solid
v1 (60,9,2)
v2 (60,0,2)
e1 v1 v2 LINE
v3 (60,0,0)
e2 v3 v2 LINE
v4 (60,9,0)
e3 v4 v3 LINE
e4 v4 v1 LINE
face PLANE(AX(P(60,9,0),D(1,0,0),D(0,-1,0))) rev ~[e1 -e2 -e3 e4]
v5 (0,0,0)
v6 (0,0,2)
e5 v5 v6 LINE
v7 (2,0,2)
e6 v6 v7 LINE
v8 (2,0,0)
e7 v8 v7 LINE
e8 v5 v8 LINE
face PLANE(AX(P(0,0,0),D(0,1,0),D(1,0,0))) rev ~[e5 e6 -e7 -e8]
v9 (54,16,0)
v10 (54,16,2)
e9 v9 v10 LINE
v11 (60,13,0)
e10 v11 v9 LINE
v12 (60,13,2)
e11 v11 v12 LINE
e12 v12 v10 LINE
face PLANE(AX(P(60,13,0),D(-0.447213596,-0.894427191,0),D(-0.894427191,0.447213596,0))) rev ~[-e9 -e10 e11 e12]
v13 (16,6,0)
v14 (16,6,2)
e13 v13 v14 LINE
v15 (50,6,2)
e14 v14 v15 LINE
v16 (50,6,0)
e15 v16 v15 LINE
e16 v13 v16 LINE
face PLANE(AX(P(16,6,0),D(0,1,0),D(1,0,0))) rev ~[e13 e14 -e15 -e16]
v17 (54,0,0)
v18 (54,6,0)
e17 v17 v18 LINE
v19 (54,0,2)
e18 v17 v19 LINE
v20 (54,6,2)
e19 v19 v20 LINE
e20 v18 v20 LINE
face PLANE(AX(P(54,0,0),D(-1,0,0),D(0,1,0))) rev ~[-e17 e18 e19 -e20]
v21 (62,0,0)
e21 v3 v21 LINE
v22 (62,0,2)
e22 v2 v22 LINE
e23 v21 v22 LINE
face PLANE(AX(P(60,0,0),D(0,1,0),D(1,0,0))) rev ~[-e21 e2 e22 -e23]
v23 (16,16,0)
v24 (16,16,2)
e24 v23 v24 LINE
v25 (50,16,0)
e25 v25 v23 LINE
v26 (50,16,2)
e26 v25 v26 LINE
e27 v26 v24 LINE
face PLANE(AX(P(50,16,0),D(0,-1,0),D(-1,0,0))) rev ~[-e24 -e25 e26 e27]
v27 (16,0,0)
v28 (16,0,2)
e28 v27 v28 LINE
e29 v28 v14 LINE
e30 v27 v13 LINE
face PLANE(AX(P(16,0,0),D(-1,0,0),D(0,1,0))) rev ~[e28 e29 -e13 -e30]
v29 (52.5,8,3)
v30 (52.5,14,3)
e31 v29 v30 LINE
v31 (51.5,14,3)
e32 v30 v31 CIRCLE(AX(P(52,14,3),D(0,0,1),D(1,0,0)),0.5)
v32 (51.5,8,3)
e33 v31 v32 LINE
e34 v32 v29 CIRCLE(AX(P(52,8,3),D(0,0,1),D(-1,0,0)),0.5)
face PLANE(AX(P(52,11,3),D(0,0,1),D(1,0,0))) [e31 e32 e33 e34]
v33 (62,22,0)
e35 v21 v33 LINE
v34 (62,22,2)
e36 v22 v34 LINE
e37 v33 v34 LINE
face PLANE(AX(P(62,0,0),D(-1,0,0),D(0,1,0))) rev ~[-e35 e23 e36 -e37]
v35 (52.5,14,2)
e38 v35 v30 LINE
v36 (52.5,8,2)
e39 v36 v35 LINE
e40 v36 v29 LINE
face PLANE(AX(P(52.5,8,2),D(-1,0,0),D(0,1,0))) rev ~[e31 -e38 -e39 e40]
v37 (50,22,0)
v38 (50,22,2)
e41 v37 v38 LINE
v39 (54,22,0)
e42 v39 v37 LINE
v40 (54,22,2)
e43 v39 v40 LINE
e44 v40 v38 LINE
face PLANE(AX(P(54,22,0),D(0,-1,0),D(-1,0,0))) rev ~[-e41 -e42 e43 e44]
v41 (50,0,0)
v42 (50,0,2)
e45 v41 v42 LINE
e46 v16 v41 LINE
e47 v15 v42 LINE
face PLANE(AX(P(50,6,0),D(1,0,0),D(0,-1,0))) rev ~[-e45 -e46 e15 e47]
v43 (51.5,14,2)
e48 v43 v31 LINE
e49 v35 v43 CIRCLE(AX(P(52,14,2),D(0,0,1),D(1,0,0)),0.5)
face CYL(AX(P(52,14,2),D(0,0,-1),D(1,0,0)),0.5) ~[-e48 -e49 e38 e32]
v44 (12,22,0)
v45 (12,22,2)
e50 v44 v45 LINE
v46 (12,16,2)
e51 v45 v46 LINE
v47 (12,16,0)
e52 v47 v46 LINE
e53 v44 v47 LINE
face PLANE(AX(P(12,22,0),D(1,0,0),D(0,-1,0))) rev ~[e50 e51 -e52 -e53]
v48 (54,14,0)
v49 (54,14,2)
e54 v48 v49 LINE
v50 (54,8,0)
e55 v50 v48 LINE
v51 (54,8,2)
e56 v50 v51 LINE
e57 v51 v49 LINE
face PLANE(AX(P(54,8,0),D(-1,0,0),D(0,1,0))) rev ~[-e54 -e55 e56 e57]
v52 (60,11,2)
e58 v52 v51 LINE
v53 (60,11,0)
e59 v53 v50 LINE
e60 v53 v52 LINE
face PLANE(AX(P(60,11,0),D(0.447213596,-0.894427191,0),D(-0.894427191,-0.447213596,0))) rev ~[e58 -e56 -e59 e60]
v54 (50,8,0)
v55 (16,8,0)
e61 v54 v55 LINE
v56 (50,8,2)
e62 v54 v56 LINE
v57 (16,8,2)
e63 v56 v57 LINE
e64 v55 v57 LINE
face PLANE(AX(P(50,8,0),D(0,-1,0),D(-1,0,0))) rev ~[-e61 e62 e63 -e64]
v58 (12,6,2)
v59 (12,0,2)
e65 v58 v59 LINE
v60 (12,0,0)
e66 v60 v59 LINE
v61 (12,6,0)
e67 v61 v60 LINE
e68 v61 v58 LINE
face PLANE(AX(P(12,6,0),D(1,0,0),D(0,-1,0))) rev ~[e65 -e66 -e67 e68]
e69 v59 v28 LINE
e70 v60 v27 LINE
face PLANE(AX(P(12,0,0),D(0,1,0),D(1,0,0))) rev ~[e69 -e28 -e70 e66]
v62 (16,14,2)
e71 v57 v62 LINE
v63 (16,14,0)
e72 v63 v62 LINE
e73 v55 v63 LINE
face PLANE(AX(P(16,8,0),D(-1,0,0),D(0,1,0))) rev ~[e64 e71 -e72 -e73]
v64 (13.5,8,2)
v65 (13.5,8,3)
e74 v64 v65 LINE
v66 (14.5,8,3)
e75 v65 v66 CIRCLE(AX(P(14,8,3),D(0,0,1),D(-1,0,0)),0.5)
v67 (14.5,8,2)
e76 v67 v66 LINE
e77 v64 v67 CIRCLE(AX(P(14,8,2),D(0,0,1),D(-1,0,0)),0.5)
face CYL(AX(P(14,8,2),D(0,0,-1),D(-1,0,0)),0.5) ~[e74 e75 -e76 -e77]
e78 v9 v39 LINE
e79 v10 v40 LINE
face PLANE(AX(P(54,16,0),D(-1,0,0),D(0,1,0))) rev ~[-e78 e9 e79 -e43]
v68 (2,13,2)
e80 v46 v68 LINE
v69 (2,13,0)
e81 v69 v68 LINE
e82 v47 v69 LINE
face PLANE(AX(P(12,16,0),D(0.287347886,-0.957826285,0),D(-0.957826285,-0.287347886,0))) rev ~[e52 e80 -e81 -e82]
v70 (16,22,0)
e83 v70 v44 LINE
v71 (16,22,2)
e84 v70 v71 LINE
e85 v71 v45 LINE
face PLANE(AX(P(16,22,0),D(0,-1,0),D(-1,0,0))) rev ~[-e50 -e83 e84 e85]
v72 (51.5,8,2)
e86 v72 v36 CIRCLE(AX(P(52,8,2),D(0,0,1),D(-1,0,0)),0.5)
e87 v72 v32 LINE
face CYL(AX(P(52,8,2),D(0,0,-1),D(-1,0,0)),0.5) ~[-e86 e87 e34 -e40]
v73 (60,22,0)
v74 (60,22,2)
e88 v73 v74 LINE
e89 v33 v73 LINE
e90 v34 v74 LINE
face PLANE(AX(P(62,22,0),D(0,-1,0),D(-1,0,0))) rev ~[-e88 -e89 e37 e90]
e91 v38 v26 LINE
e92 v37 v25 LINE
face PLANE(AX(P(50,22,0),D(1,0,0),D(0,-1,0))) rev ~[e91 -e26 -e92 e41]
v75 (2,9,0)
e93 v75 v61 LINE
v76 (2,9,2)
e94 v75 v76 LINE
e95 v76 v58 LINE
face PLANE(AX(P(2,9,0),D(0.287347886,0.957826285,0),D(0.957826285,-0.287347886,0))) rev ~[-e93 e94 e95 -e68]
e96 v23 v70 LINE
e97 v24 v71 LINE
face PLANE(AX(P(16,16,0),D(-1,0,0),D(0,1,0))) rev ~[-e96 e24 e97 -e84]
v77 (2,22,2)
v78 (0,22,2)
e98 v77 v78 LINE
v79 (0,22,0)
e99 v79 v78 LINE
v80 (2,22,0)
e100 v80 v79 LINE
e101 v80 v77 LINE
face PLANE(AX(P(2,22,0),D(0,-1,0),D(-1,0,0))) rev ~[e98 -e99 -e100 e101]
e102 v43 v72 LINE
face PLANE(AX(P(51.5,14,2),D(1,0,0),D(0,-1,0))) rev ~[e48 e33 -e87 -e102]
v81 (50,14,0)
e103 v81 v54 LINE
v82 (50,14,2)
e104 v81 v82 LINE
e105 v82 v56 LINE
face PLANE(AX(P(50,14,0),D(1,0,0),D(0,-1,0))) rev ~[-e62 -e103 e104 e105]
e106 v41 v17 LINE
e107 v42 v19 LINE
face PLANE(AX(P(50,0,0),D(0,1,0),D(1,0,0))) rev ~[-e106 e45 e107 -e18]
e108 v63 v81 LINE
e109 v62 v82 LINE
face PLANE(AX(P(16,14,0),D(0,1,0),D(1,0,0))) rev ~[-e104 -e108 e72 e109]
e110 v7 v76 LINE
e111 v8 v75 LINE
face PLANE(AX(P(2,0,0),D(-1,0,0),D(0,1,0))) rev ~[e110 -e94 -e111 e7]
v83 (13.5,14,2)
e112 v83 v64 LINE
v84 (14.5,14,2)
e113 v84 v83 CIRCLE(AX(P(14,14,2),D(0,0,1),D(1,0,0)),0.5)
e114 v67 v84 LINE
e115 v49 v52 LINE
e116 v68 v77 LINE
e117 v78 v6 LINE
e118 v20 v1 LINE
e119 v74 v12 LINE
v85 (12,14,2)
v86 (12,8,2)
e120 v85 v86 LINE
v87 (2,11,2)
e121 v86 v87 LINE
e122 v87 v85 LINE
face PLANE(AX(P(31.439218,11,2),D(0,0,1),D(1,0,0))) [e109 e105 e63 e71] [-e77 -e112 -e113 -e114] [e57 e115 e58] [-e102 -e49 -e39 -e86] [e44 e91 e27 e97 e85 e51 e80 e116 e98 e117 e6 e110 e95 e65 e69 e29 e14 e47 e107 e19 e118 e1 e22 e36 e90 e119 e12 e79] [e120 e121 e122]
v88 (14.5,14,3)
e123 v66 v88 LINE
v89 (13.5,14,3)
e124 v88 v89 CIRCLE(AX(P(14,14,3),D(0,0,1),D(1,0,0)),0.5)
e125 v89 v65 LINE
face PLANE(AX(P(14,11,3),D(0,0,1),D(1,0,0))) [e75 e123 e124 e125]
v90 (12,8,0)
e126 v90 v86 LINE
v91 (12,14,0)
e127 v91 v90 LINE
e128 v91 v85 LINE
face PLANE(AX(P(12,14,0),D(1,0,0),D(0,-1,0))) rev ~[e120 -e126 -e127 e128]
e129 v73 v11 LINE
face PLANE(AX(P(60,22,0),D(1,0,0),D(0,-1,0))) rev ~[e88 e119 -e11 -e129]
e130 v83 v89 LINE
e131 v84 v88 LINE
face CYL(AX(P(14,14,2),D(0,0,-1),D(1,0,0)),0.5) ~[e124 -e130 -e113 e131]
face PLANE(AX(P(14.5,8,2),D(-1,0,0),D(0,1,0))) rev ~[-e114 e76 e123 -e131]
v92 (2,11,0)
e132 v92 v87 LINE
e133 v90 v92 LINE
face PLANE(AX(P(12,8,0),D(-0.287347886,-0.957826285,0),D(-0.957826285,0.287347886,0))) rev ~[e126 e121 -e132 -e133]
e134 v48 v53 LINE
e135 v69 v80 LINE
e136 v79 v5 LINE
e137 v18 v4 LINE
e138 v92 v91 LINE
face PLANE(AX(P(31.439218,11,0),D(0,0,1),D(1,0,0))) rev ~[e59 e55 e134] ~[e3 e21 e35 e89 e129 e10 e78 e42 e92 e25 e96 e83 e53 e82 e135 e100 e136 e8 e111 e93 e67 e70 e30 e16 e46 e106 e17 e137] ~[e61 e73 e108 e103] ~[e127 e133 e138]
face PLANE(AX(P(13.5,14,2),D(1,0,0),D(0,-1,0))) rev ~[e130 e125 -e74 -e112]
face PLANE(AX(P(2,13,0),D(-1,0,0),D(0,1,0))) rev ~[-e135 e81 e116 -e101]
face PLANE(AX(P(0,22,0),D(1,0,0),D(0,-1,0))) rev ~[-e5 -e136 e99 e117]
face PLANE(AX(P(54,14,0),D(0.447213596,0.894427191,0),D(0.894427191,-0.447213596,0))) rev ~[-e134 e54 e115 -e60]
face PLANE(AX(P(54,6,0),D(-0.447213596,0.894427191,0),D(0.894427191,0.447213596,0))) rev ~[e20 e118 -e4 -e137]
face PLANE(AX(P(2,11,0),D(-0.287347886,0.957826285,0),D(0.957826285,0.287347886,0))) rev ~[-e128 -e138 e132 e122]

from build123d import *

# Parameters (mm, degrees)
F1_DEPTH = 2
F3_DEPTH = 1


with BuildPart() as f1:
    # F0 (on Top) → F1 (new body)
    with BuildSketch(Plane.XY):
        Polygon((0, 22), (0, 11), (0, 0), (2, 0), (2, 9), (12, 6), (12, 0), (16, 0), (16, 6), (50, 6), (50, 0), (54, 0), (54, 6), (60, 9), (60, 0), (62, 0), (62, 11), (62, 22), (60, 22), (60, 13), (54, 16), (54, 22), (50, 22), (50, 16), (16, 16), (16, 22), (12, 22), (12, 16), (2, 13), (2, 22), align=None)
        Polygon((12, 8), (2, 11), (12, 14), (12, 11), align=None, mode=Mode.SUBTRACT)
        Polygon((50, 8), (16, 8), (16, 11), (16, 14), (50, 14), (50, 11), align=None, mode=Mode.SUBTRACT)
        Polygon((60, 11), (54, 8), (54, 11), (54, 14), align=None, mode=Mode.SUBTRACT)
    extrude(amount=F1_DEPTH)

    # F2 (on face) → F3 (join)
    with BuildSketch(Plane.XY.offset(2)):
        with BuildLine():
            Line((14.5, 8), (14.5, 14))
            ThreePointArc((14.5, 14), (14, 14.5), (13.5, 14))
            Line((13.5, 14), (13.5, 8))
            ThreePointArc((13.5, 8), (14, 7.5), (14.5, 8))
        make_face()
        with BuildLine():
            ThreePointArc((52.5, 14), (52, 14.5), (51.5, 14))
            Line((51.5, 14), (51.5, 8))
            ThreePointArc((51.5, 8), (52, 7.5), (52.5, 8))
            Line((52.5, 8), (52.5, 14))
        make_face()
    extrude(amount=F3_DEPTH)


solid = f1.part
